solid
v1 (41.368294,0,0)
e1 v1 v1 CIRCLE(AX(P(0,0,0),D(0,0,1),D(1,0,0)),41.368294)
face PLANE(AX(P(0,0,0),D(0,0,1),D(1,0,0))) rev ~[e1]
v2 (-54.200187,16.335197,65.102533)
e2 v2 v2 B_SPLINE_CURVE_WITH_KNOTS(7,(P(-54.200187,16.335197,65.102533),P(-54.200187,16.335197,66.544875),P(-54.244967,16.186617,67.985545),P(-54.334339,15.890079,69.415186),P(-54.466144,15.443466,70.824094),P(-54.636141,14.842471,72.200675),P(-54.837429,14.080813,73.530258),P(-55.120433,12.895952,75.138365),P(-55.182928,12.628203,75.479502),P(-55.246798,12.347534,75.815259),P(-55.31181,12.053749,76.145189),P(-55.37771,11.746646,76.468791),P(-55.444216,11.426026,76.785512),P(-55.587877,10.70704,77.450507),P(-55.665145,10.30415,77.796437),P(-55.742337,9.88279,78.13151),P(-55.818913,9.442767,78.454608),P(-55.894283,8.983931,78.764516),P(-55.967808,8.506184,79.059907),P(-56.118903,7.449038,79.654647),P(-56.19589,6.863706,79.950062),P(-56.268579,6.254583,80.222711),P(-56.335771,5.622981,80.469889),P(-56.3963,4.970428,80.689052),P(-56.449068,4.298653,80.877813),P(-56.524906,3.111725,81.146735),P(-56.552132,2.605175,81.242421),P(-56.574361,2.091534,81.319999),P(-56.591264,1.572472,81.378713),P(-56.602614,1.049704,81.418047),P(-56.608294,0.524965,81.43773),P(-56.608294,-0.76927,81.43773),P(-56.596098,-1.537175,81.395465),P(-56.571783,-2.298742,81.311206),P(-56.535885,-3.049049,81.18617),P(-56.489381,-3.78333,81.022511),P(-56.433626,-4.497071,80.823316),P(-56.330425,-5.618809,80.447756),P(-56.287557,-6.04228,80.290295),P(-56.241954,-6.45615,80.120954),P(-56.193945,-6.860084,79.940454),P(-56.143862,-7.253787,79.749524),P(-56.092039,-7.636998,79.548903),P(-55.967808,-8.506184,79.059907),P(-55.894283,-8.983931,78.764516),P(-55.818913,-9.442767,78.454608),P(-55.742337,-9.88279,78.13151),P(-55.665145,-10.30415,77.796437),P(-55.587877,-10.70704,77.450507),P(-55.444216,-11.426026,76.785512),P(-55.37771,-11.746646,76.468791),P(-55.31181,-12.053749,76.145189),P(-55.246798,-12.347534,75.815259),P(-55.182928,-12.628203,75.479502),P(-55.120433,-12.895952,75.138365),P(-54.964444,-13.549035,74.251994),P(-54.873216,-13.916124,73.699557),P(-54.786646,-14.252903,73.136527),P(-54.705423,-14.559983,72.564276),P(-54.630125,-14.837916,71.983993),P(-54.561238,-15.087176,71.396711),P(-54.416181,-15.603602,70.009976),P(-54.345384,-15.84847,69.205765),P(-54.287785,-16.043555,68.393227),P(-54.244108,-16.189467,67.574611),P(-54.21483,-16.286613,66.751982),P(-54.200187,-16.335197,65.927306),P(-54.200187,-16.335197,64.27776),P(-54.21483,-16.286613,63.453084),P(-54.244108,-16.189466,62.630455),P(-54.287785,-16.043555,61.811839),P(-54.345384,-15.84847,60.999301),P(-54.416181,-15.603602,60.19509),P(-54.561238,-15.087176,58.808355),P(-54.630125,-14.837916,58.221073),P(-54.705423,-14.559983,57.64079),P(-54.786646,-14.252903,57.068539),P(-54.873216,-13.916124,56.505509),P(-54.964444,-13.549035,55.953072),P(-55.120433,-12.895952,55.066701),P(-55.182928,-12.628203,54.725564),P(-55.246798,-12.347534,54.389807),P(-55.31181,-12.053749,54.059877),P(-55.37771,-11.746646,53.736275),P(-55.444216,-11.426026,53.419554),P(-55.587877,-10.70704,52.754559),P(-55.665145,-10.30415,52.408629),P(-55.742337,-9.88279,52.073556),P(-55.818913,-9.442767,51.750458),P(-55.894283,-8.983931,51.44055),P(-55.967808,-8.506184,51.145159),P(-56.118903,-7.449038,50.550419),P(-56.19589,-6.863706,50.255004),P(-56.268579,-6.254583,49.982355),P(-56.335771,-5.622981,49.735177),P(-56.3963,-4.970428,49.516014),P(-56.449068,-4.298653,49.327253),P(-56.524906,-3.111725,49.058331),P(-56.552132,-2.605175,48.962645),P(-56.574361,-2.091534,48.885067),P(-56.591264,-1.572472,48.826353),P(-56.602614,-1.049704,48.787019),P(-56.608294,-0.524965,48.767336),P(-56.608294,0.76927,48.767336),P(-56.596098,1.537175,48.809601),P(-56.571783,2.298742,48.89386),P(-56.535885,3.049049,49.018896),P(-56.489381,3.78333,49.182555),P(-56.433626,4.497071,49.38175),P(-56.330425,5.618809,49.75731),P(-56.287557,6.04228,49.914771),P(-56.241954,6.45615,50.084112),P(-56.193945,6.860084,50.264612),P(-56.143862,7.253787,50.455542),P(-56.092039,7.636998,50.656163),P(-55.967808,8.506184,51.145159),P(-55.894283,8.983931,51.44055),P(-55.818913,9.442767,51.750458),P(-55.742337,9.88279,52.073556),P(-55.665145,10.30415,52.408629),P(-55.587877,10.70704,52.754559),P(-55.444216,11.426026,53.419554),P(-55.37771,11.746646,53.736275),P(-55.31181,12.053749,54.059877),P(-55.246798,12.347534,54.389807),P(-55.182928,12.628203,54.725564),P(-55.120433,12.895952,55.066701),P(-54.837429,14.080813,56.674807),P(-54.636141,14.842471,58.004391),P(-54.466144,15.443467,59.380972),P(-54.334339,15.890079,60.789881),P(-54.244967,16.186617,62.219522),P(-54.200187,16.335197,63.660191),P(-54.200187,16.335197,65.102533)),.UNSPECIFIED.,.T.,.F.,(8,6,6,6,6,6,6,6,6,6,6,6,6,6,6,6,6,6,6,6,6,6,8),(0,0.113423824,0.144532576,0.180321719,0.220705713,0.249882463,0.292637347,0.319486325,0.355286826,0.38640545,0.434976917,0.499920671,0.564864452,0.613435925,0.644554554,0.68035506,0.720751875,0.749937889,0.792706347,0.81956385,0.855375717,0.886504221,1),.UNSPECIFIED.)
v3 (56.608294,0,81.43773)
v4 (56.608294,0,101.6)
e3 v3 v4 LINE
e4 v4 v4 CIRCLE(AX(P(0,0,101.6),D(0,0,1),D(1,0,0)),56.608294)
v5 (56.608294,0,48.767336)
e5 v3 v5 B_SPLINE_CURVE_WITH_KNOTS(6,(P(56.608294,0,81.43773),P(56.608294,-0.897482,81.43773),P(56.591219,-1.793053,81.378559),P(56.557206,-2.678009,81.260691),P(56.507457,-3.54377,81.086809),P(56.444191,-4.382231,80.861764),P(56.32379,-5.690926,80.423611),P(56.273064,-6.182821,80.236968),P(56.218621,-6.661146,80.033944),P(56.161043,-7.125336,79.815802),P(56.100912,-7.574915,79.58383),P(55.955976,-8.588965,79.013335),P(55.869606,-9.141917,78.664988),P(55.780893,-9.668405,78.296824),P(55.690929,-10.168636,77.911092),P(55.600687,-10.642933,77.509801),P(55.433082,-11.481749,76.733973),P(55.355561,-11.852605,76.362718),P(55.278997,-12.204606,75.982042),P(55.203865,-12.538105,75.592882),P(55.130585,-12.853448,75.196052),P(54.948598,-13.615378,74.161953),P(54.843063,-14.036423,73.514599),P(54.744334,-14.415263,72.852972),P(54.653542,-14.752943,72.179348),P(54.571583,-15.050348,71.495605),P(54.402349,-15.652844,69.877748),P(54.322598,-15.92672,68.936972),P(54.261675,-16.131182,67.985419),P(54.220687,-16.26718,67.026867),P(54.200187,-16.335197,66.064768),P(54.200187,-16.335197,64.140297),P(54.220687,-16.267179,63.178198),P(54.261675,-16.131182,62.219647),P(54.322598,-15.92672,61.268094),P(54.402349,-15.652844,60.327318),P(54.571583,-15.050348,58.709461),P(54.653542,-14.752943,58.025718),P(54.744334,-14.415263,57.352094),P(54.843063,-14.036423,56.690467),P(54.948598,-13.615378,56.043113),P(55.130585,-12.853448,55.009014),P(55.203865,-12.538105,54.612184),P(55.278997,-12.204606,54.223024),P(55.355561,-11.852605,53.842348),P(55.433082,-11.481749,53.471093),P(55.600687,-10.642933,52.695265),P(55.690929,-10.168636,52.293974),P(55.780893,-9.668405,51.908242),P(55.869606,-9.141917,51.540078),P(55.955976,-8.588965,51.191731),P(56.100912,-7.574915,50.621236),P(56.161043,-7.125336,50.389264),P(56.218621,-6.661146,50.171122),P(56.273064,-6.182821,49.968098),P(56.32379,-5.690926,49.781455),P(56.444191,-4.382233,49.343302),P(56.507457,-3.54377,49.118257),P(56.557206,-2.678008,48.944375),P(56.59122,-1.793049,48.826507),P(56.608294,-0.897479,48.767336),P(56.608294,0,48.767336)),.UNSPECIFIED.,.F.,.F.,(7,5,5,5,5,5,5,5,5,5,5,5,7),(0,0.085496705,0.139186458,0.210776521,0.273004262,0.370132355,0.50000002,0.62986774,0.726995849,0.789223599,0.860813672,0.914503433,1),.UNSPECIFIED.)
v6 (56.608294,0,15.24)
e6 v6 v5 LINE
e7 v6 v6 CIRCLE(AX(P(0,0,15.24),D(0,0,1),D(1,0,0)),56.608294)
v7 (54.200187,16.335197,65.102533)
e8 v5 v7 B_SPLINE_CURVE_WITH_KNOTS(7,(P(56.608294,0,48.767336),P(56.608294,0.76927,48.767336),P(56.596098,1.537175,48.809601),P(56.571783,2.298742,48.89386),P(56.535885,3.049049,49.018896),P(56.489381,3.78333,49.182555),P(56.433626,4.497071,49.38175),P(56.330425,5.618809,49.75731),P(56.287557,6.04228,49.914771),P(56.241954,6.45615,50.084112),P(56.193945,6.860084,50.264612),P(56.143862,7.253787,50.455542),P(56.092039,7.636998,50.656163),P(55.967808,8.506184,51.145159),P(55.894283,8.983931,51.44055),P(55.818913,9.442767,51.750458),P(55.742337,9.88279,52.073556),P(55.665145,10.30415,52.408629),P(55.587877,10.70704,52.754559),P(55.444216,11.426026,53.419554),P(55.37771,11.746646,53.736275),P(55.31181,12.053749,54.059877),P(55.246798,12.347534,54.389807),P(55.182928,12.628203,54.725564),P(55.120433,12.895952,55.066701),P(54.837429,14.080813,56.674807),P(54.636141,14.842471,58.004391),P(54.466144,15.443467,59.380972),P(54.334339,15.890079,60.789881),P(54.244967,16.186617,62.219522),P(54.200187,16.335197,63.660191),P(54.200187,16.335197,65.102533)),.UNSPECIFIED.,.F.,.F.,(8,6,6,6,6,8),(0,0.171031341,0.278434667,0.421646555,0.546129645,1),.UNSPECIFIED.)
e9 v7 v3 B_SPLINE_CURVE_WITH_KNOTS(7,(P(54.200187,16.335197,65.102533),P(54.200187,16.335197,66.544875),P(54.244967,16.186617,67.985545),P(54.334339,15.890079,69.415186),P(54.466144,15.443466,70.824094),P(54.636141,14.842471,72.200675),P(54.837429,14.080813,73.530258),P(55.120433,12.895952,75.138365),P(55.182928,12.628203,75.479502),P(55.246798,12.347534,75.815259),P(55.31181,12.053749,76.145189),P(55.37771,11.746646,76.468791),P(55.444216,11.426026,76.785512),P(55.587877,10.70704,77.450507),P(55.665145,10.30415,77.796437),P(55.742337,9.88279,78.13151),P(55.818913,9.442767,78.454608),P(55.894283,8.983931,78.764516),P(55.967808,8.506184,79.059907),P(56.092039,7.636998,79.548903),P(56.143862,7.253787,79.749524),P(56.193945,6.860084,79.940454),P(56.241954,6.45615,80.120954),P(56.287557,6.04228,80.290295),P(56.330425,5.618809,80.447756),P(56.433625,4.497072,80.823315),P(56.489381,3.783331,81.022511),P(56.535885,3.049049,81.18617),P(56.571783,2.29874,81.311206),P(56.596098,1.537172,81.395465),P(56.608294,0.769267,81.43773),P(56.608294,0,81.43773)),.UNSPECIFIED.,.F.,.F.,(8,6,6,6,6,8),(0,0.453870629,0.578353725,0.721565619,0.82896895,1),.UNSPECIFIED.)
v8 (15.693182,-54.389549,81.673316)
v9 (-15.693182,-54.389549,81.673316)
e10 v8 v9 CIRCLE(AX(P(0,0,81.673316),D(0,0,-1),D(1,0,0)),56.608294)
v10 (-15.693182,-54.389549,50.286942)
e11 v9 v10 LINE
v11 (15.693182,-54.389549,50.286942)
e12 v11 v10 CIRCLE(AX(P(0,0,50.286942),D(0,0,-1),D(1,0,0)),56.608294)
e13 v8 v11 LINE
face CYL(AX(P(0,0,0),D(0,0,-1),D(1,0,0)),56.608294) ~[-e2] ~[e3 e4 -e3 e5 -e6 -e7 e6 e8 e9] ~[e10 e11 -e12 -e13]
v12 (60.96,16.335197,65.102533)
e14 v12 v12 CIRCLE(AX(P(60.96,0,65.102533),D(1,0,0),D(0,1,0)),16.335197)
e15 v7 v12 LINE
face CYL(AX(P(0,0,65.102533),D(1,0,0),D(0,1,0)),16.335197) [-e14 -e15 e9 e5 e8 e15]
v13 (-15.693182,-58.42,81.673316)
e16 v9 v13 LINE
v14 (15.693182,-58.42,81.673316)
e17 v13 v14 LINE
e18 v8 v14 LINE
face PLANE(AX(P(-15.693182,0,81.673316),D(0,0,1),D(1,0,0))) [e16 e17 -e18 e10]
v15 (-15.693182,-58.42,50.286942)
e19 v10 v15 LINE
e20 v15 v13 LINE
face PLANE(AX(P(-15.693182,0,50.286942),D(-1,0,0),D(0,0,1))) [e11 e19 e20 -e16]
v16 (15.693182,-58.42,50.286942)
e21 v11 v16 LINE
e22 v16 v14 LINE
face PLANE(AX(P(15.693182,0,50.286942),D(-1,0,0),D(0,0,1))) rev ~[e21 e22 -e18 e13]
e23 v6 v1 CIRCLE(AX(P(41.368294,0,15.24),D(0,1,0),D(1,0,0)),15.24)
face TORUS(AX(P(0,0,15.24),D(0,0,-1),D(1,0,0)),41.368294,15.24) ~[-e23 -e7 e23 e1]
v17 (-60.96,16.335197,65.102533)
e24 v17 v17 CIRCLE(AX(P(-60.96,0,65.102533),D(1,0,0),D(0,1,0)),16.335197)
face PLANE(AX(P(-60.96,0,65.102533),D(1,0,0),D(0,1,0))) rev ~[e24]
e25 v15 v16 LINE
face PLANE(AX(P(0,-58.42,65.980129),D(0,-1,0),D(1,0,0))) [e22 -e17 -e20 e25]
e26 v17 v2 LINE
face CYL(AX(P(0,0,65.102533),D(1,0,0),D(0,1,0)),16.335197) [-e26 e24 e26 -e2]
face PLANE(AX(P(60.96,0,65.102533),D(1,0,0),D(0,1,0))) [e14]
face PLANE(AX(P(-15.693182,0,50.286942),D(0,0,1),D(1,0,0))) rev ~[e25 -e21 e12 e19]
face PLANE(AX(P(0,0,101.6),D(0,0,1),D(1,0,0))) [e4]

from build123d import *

# Parameters (mm, degrees)
F0_R     = 56.608294
F1_DEPTH = 101.6
F2_R     = 15.24
F3_W     = 31.386364
F3_H     = 31.386374
F4_DEPTH = 58.42
F5_R     = 16.335197
F6_DEPTH = 60.96


with BuildPart() as f1:
    # F0 (on Top) → F1 (new body)
    with BuildSketch(Plane.XY):
        Circle(F0_R)
    extrude(amount=F1_DEPTH)

    # F2
    f2_edges = [f1.edges().sort_by_distance(p)[0] for p in [
        (-56.608294, 0, 0),
    ]]
    fillet(f2_edges, radius=F2_R)

    # F3 (on Front) → F4 (join)
    with BuildSketch(Plane.XZ):
        with Locations((0, 65.980129)):
            Rectangle(F3_W, F3_H)
    extrude(amount=F4_DEPTH)

    # F5 (on Right) → F6 (join, symmetric)
    with BuildSketch(Plane.YZ):
        with Locations((0, 65.102533)):
            Circle(F5_R)
    extrude(amount=F6_DEPTH, both=True)


solid = f1.part
